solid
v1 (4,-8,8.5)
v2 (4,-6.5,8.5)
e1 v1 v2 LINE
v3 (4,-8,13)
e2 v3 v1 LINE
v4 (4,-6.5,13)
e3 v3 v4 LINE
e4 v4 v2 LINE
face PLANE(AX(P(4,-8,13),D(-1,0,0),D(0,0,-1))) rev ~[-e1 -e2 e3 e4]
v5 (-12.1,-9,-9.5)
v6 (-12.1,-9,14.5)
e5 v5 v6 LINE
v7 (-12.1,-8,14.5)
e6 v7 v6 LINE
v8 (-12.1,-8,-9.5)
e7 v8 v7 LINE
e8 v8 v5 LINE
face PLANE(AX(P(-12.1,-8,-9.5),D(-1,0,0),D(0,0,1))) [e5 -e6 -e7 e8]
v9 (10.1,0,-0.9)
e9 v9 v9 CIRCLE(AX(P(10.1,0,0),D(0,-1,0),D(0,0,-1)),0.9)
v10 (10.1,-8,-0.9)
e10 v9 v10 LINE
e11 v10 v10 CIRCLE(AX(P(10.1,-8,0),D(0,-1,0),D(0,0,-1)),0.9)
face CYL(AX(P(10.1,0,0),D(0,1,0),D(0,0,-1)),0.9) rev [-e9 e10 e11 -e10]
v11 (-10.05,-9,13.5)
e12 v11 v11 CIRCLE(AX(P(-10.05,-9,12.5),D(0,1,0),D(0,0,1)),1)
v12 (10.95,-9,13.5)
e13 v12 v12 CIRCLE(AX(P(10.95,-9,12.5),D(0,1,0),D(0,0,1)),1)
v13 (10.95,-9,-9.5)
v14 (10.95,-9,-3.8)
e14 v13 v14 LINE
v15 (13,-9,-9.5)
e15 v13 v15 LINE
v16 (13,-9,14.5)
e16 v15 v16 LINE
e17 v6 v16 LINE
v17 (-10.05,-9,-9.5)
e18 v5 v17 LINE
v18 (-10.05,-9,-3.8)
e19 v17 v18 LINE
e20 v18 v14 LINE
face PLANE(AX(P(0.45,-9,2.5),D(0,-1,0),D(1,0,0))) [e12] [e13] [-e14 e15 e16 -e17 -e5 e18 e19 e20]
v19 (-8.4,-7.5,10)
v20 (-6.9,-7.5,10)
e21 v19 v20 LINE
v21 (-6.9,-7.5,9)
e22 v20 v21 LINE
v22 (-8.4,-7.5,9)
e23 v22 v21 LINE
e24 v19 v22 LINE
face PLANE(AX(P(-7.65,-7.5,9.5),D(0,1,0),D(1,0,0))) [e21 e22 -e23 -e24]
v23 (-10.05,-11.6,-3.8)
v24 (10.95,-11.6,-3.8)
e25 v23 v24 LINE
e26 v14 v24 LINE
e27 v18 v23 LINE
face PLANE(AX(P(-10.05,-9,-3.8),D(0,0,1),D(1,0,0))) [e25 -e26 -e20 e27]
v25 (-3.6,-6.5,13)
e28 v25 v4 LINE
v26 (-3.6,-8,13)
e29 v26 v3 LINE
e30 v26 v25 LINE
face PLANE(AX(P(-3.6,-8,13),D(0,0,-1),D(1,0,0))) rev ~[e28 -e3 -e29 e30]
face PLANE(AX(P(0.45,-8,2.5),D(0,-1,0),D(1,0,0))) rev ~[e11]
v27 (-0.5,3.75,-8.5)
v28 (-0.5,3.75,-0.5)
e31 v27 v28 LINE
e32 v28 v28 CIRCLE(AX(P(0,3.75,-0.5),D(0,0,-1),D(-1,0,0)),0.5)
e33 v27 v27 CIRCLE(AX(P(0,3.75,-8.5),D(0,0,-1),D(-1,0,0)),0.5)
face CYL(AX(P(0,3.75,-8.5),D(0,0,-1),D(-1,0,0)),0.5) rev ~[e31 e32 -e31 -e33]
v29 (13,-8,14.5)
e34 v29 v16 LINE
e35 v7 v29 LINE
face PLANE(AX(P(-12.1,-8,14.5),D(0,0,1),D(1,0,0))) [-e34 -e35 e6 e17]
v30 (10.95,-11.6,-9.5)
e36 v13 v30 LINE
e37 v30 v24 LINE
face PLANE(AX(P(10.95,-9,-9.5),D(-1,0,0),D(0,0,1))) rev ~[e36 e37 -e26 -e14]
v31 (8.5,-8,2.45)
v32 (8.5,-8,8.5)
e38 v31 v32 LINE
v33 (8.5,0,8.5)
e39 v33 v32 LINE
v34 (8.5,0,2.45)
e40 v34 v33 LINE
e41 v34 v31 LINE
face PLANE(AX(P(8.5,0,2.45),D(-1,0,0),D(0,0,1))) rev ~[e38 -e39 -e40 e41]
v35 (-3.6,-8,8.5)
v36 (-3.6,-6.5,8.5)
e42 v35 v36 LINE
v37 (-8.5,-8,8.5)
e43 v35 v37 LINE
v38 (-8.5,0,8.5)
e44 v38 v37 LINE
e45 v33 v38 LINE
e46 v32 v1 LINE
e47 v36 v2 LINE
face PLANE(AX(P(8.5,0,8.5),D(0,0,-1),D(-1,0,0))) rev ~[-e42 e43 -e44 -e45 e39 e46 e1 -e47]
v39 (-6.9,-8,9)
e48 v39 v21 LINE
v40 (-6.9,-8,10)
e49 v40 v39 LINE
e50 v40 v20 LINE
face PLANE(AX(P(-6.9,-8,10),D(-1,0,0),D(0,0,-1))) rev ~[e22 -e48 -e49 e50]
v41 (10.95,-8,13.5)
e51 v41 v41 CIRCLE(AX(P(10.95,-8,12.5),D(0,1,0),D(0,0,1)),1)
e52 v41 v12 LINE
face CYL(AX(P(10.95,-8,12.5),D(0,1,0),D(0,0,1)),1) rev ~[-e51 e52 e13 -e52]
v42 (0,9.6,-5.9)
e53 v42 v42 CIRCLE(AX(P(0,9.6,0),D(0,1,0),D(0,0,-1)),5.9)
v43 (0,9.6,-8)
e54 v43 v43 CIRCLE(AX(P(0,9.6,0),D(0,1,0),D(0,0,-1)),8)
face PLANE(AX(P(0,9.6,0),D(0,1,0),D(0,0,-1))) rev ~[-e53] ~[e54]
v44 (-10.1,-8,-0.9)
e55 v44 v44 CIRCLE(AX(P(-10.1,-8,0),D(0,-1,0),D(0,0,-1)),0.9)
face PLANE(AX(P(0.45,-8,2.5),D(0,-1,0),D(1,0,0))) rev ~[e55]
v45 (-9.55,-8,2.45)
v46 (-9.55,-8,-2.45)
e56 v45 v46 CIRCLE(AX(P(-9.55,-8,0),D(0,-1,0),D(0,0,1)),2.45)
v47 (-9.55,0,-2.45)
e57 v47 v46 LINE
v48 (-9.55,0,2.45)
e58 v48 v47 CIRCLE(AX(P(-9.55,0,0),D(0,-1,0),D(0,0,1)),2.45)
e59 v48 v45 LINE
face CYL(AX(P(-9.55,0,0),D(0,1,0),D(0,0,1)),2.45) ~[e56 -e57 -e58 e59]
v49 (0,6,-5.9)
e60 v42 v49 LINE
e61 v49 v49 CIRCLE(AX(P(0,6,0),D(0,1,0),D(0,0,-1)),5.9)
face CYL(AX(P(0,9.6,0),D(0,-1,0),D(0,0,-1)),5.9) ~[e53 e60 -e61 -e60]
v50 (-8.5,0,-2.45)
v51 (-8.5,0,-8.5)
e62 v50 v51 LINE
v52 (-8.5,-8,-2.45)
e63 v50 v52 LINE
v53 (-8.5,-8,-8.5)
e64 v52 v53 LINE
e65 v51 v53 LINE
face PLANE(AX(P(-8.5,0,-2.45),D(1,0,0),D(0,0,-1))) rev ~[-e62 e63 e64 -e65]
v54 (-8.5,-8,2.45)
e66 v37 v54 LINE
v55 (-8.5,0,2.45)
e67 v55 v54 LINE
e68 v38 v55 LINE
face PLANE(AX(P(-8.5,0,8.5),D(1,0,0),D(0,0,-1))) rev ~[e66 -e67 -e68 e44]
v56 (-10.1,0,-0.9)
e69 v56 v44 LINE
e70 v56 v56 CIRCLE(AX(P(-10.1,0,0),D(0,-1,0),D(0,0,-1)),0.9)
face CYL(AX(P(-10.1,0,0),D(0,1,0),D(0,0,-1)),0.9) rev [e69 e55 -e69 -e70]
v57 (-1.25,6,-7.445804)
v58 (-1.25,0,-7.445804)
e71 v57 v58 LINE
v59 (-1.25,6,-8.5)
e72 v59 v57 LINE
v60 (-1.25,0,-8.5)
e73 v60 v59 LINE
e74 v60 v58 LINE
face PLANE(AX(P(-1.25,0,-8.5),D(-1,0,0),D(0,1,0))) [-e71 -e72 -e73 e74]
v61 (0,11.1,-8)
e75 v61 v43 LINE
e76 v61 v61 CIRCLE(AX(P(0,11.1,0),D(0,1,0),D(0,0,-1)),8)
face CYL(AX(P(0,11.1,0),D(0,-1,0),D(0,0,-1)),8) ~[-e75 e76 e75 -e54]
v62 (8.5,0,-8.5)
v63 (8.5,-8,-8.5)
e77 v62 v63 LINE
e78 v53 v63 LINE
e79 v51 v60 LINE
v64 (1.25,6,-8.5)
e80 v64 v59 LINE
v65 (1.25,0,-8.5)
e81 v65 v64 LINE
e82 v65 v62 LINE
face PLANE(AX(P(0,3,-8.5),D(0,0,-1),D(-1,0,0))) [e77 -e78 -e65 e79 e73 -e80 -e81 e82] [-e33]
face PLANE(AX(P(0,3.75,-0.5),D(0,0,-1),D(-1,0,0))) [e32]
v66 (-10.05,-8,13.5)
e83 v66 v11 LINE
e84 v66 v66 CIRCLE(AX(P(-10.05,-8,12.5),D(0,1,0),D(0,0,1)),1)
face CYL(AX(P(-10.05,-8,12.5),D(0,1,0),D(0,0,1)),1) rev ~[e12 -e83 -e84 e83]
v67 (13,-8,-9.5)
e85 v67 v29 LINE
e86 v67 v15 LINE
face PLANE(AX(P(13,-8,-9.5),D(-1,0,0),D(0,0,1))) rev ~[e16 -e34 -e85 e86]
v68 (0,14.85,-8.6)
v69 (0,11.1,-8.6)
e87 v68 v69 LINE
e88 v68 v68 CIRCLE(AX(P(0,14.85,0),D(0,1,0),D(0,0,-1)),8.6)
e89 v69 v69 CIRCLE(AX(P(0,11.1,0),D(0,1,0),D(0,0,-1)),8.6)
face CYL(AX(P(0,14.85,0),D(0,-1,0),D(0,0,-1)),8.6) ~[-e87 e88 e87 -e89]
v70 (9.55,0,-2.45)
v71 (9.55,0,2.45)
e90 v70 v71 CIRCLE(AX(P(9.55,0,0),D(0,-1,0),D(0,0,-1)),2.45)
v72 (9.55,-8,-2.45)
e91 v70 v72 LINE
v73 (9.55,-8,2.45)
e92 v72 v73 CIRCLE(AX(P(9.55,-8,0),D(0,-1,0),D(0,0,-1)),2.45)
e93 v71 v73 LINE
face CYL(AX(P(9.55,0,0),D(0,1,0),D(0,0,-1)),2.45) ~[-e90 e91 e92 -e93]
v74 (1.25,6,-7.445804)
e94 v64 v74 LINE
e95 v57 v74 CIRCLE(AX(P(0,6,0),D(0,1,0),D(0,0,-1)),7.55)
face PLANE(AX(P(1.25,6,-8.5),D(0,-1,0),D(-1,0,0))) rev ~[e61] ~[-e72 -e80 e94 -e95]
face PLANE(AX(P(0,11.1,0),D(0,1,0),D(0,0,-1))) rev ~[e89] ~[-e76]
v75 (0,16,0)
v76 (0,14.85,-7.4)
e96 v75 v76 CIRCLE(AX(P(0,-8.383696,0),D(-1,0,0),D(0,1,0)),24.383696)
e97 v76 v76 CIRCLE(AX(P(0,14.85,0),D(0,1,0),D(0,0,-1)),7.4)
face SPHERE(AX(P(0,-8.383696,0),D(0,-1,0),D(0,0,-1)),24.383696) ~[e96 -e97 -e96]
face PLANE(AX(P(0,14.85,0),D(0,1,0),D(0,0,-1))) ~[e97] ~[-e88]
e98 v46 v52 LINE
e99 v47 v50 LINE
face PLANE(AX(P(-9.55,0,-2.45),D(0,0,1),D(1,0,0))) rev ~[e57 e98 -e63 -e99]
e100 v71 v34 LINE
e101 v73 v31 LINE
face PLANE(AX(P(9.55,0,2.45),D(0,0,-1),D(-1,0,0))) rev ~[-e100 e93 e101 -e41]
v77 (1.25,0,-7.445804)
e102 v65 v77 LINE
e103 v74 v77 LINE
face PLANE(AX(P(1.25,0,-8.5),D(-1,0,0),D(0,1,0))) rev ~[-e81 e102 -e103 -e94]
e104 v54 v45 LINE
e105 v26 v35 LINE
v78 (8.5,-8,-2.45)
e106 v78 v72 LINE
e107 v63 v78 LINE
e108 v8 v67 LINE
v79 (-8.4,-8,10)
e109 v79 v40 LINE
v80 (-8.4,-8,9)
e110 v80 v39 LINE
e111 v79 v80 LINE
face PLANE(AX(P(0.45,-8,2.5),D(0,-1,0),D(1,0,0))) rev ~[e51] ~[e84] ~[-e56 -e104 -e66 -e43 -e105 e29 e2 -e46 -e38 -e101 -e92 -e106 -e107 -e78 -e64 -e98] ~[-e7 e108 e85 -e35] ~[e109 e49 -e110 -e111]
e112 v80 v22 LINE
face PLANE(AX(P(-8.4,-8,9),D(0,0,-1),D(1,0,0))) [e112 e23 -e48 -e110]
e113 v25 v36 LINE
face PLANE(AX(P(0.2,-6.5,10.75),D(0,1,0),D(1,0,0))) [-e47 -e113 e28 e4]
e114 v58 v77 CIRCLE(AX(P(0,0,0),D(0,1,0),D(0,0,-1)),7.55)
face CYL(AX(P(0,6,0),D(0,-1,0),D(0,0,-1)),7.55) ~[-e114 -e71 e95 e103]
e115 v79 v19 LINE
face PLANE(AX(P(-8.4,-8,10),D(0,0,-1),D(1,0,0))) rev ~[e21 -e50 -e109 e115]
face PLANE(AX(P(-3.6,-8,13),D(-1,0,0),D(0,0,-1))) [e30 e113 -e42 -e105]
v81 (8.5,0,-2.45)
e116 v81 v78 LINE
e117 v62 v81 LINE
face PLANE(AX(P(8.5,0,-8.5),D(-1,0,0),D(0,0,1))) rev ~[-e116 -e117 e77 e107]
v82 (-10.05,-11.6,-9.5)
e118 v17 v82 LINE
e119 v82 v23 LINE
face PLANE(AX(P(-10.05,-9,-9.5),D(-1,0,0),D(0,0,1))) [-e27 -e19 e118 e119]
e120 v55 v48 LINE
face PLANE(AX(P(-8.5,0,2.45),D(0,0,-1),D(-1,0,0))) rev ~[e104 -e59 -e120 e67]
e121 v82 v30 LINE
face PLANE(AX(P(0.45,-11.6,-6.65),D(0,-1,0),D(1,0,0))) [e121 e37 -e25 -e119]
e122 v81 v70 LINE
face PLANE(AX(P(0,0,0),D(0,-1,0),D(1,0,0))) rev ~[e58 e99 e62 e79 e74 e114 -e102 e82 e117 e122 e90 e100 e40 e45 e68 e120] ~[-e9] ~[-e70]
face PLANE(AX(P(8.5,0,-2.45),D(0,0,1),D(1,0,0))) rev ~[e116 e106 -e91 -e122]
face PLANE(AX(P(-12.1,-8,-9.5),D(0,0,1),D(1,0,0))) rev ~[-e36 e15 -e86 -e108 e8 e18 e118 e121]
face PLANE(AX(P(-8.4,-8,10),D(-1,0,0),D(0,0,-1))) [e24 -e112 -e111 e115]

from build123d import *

# Parameters (mm, degrees)
SKETCH2_R                = 0.9
BOSS_EXTRUDE1_DEPTH      = 8
BOSS_EXTRUDE2_REACH      = 28.314
BOSS_EXTRUDE2_END_RADIUS = 7.55
SKETCH3_W                = 2.5
SKETCH3_H                = 6
SKETCH4_R                = 0.5
CUT_EXTRUDE1_DEPTH       = 8
SKETCH5_W                = 25.1
SKETCH5_H                = 24
BOSS_EXTRUDE3_DEPTH      = 1
SKETCH6_W                = 7.6
SKETCH6_H                = 4.5
BOSS_EXTRUDE4_DEPTH      = 1.5
SKETCH7_R                = 1
CUT_EXTRUDE2_DEPTH       = 31.907118921
SKETCH8_W                = 1.5
SKETCH8_H                = 1
BOSS_EXTRUDE5_DEPTH      = 0.5
SKETCH9_W                = 21
SKETCH9_H                = 5.7
BOSS_EXTRUDE6_DEPTH      = 2.6


with BuildPart() as part:
    # Sketch1 → Revolve1 (revolve)
    with BuildSketch(Plane(origin=(0, 0, 0), x_dir=(0, 0, -1), z_dir=(1, 0, 0))):
        with BuildLine():
            Line((0, 0), (0, 16))
            ThreePointArc((0, 16), (3.744412504, 15.710784808), (7.4, 14.85))
            Line((7.4, 14.85), (8.6, 14.85))
            Line((8.6, 14.85), (8.6, 11.1))
            Line((8.6, 11.1), (8, 11.1))
            Line((8, 11.1), (8, 9.6))
            Line((8, 9.6), (5.9, 9.6))
            Line((5.9, 9.6), (5.9, 6))
            Line((5.9, 6), (7.55, 6))
            Line((7.55, 6), (7.55, 0))
            Line((7.55, 0), (0, 0))
        make_face()
    revolve(axis=Axis((0, 0, 0), (0, 1, 0)))

    # Sketch2 → Boss-Extrude1 (add)
    with BuildSketch(Plane.XZ):
        with BuildLine():
            Line((-8.5, -8.5), (8.5, -8.5))
            Line((8.5, -8.5), (8.5, -2.45))
            Line((8.5, -2.45), (9.55, -2.45))
            ThreePointArc((9.55, -2.45), (12, 0), (9.55, 2.45))
            Line((9.55, 2.45), (8.5, 2.45))
            Line((8.5, 2.45), (8.5, 8.5))
            Line((8.5, 8.5), (-8.5, 8.5))
            Line((-8.5, 8.5), (-8.5, 2.45))
            Line((-8.5, 2.45), (-9.55, 2.45))
            ThreePointArc((-9.55, 2.45), (-12, 0), (-9.55, -2.45))
            Line((-9.55, -2.45), (-8.5, -2.45))
            Line((-8.5, -2.45), (-8.5, -8.5))
        make_face()
        with Locations(Location((-10.1, 0, 0), (0, 0, 270))):
            Circle(SKETCH2_R, mode=Mode.SUBTRACT)
        with Locations(Location((10.1, 0, 0), (0, 0, 270))):
            Circle(SKETCH2_R, mode=Mode.SUBTRACT)
    extrude(amount=BOSS_EXTRUDE1_DEPTH)

    # Boss-Extrude2: up to this cylinder (the profile starts outside it)
    boss_extrude2_end = Plane(origin=(0, 3, 0), z_dir=(0, -1, 0)) * Cylinder(BOSS_EXTRUDE2_END_RADIUS, 72.728, mode=Mode.PRIVATE)
    # Sketch3 → Boss-Extrude2 (add, up to the surface)
    with BuildSketch(Plane(origin=(0, 0, -8.5), x_dir=(-1, 0, 0), z_dir=(0, 0, -1)), mode=Mode.PRIVATE) as boss_extrude2_sk1:
        with Locations((0, 3)):
            Rectangle(SKETCH3_W, SKETCH3_H)
    boss_extrude2_tool1 = extrude(boss_extrude2_sk1.sketch, amount=-BOSS_EXTRUDE2_REACH, mode=Mode.PRIVATE) - boss_extrude2_end
    add(boss_extrude2_tool1.solids().sort_by_distance((0, 3, -8.5))[0])

    # Sketch4 → Cut-Extrude1 (cut)
    with BuildSketch(Plane(origin=(0, 0, -8.5), x_dir=(-1, 0, 0), z_dir=(0, 0, -1))):
        with Locations((0, 3.75)):
            Circle(SKETCH4_R)
    extrude(amount=-CUT_EXTRUDE1_DEPTH, mode=Mode.SUBTRACT)

    # Sketch5 → Boss-Extrude3 (add)
    with BuildSketch(Plane.XZ.offset(8)):
        with Locations((0.45, 2.5)):
            Rectangle(SKETCH5_W, SKETCH5_H)
    extrude(amount=BOSS_EXTRUDE3_DEPTH)

    # Sketch6 → Boss-Extrude4 (add)
    with BuildSketch(Plane(origin=(0, -8, 0), x_dir=(1, 0, 0), z_dir=(0, 1, 0))):
        with Locations((0.2, -10.75)):
            Rectangle(SKETCH6_W, SKETCH6_H)
    extrude(amount=BOSS_EXTRUDE4_DEPTH)

    # Sketch7 → Cut-Extrude2 (cut, through all)
    with BuildSketch(Plane(origin=(0, -8, 0), x_dir=(1, 0, 0), z_dir=(0, 1, 0))):
        with Locations(Location((-10.05, -12.5, 0), (0, 0, 270))):
            Circle(SKETCH7_R)
        with Locations(Location((10.95, -12.5, 0), (0, 0, 270))):
            Circle(SKETCH7_R)
    extrude(amount=-CUT_EXTRUDE2_DEPTH, mode=Mode.SUBTRACT)

    # Sketch8 → Boss-Extrude5 (add)
    with BuildSketch(Plane(origin=(0, -8, 0), x_dir=(1, 0, 0), z_dir=(0, 1, 0))):
        with Locations((-7.65, -9.5)):
            Rectangle(SKETCH8_W, SKETCH8_H)
    extrude(amount=BOSS_EXTRUDE5_DEPTH)

    # Sketch9 → Boss-Extrude6 (add)
    with BuildSketch(Plane.XZ.offset(9)):
        with Locations((0.45, -6.65)):
            Rectangle(SKETCH9_W, SKETCH9_H)
    extrude(amount=BOSS_EXTRUDE6_DEPTH)


solid = part.part
